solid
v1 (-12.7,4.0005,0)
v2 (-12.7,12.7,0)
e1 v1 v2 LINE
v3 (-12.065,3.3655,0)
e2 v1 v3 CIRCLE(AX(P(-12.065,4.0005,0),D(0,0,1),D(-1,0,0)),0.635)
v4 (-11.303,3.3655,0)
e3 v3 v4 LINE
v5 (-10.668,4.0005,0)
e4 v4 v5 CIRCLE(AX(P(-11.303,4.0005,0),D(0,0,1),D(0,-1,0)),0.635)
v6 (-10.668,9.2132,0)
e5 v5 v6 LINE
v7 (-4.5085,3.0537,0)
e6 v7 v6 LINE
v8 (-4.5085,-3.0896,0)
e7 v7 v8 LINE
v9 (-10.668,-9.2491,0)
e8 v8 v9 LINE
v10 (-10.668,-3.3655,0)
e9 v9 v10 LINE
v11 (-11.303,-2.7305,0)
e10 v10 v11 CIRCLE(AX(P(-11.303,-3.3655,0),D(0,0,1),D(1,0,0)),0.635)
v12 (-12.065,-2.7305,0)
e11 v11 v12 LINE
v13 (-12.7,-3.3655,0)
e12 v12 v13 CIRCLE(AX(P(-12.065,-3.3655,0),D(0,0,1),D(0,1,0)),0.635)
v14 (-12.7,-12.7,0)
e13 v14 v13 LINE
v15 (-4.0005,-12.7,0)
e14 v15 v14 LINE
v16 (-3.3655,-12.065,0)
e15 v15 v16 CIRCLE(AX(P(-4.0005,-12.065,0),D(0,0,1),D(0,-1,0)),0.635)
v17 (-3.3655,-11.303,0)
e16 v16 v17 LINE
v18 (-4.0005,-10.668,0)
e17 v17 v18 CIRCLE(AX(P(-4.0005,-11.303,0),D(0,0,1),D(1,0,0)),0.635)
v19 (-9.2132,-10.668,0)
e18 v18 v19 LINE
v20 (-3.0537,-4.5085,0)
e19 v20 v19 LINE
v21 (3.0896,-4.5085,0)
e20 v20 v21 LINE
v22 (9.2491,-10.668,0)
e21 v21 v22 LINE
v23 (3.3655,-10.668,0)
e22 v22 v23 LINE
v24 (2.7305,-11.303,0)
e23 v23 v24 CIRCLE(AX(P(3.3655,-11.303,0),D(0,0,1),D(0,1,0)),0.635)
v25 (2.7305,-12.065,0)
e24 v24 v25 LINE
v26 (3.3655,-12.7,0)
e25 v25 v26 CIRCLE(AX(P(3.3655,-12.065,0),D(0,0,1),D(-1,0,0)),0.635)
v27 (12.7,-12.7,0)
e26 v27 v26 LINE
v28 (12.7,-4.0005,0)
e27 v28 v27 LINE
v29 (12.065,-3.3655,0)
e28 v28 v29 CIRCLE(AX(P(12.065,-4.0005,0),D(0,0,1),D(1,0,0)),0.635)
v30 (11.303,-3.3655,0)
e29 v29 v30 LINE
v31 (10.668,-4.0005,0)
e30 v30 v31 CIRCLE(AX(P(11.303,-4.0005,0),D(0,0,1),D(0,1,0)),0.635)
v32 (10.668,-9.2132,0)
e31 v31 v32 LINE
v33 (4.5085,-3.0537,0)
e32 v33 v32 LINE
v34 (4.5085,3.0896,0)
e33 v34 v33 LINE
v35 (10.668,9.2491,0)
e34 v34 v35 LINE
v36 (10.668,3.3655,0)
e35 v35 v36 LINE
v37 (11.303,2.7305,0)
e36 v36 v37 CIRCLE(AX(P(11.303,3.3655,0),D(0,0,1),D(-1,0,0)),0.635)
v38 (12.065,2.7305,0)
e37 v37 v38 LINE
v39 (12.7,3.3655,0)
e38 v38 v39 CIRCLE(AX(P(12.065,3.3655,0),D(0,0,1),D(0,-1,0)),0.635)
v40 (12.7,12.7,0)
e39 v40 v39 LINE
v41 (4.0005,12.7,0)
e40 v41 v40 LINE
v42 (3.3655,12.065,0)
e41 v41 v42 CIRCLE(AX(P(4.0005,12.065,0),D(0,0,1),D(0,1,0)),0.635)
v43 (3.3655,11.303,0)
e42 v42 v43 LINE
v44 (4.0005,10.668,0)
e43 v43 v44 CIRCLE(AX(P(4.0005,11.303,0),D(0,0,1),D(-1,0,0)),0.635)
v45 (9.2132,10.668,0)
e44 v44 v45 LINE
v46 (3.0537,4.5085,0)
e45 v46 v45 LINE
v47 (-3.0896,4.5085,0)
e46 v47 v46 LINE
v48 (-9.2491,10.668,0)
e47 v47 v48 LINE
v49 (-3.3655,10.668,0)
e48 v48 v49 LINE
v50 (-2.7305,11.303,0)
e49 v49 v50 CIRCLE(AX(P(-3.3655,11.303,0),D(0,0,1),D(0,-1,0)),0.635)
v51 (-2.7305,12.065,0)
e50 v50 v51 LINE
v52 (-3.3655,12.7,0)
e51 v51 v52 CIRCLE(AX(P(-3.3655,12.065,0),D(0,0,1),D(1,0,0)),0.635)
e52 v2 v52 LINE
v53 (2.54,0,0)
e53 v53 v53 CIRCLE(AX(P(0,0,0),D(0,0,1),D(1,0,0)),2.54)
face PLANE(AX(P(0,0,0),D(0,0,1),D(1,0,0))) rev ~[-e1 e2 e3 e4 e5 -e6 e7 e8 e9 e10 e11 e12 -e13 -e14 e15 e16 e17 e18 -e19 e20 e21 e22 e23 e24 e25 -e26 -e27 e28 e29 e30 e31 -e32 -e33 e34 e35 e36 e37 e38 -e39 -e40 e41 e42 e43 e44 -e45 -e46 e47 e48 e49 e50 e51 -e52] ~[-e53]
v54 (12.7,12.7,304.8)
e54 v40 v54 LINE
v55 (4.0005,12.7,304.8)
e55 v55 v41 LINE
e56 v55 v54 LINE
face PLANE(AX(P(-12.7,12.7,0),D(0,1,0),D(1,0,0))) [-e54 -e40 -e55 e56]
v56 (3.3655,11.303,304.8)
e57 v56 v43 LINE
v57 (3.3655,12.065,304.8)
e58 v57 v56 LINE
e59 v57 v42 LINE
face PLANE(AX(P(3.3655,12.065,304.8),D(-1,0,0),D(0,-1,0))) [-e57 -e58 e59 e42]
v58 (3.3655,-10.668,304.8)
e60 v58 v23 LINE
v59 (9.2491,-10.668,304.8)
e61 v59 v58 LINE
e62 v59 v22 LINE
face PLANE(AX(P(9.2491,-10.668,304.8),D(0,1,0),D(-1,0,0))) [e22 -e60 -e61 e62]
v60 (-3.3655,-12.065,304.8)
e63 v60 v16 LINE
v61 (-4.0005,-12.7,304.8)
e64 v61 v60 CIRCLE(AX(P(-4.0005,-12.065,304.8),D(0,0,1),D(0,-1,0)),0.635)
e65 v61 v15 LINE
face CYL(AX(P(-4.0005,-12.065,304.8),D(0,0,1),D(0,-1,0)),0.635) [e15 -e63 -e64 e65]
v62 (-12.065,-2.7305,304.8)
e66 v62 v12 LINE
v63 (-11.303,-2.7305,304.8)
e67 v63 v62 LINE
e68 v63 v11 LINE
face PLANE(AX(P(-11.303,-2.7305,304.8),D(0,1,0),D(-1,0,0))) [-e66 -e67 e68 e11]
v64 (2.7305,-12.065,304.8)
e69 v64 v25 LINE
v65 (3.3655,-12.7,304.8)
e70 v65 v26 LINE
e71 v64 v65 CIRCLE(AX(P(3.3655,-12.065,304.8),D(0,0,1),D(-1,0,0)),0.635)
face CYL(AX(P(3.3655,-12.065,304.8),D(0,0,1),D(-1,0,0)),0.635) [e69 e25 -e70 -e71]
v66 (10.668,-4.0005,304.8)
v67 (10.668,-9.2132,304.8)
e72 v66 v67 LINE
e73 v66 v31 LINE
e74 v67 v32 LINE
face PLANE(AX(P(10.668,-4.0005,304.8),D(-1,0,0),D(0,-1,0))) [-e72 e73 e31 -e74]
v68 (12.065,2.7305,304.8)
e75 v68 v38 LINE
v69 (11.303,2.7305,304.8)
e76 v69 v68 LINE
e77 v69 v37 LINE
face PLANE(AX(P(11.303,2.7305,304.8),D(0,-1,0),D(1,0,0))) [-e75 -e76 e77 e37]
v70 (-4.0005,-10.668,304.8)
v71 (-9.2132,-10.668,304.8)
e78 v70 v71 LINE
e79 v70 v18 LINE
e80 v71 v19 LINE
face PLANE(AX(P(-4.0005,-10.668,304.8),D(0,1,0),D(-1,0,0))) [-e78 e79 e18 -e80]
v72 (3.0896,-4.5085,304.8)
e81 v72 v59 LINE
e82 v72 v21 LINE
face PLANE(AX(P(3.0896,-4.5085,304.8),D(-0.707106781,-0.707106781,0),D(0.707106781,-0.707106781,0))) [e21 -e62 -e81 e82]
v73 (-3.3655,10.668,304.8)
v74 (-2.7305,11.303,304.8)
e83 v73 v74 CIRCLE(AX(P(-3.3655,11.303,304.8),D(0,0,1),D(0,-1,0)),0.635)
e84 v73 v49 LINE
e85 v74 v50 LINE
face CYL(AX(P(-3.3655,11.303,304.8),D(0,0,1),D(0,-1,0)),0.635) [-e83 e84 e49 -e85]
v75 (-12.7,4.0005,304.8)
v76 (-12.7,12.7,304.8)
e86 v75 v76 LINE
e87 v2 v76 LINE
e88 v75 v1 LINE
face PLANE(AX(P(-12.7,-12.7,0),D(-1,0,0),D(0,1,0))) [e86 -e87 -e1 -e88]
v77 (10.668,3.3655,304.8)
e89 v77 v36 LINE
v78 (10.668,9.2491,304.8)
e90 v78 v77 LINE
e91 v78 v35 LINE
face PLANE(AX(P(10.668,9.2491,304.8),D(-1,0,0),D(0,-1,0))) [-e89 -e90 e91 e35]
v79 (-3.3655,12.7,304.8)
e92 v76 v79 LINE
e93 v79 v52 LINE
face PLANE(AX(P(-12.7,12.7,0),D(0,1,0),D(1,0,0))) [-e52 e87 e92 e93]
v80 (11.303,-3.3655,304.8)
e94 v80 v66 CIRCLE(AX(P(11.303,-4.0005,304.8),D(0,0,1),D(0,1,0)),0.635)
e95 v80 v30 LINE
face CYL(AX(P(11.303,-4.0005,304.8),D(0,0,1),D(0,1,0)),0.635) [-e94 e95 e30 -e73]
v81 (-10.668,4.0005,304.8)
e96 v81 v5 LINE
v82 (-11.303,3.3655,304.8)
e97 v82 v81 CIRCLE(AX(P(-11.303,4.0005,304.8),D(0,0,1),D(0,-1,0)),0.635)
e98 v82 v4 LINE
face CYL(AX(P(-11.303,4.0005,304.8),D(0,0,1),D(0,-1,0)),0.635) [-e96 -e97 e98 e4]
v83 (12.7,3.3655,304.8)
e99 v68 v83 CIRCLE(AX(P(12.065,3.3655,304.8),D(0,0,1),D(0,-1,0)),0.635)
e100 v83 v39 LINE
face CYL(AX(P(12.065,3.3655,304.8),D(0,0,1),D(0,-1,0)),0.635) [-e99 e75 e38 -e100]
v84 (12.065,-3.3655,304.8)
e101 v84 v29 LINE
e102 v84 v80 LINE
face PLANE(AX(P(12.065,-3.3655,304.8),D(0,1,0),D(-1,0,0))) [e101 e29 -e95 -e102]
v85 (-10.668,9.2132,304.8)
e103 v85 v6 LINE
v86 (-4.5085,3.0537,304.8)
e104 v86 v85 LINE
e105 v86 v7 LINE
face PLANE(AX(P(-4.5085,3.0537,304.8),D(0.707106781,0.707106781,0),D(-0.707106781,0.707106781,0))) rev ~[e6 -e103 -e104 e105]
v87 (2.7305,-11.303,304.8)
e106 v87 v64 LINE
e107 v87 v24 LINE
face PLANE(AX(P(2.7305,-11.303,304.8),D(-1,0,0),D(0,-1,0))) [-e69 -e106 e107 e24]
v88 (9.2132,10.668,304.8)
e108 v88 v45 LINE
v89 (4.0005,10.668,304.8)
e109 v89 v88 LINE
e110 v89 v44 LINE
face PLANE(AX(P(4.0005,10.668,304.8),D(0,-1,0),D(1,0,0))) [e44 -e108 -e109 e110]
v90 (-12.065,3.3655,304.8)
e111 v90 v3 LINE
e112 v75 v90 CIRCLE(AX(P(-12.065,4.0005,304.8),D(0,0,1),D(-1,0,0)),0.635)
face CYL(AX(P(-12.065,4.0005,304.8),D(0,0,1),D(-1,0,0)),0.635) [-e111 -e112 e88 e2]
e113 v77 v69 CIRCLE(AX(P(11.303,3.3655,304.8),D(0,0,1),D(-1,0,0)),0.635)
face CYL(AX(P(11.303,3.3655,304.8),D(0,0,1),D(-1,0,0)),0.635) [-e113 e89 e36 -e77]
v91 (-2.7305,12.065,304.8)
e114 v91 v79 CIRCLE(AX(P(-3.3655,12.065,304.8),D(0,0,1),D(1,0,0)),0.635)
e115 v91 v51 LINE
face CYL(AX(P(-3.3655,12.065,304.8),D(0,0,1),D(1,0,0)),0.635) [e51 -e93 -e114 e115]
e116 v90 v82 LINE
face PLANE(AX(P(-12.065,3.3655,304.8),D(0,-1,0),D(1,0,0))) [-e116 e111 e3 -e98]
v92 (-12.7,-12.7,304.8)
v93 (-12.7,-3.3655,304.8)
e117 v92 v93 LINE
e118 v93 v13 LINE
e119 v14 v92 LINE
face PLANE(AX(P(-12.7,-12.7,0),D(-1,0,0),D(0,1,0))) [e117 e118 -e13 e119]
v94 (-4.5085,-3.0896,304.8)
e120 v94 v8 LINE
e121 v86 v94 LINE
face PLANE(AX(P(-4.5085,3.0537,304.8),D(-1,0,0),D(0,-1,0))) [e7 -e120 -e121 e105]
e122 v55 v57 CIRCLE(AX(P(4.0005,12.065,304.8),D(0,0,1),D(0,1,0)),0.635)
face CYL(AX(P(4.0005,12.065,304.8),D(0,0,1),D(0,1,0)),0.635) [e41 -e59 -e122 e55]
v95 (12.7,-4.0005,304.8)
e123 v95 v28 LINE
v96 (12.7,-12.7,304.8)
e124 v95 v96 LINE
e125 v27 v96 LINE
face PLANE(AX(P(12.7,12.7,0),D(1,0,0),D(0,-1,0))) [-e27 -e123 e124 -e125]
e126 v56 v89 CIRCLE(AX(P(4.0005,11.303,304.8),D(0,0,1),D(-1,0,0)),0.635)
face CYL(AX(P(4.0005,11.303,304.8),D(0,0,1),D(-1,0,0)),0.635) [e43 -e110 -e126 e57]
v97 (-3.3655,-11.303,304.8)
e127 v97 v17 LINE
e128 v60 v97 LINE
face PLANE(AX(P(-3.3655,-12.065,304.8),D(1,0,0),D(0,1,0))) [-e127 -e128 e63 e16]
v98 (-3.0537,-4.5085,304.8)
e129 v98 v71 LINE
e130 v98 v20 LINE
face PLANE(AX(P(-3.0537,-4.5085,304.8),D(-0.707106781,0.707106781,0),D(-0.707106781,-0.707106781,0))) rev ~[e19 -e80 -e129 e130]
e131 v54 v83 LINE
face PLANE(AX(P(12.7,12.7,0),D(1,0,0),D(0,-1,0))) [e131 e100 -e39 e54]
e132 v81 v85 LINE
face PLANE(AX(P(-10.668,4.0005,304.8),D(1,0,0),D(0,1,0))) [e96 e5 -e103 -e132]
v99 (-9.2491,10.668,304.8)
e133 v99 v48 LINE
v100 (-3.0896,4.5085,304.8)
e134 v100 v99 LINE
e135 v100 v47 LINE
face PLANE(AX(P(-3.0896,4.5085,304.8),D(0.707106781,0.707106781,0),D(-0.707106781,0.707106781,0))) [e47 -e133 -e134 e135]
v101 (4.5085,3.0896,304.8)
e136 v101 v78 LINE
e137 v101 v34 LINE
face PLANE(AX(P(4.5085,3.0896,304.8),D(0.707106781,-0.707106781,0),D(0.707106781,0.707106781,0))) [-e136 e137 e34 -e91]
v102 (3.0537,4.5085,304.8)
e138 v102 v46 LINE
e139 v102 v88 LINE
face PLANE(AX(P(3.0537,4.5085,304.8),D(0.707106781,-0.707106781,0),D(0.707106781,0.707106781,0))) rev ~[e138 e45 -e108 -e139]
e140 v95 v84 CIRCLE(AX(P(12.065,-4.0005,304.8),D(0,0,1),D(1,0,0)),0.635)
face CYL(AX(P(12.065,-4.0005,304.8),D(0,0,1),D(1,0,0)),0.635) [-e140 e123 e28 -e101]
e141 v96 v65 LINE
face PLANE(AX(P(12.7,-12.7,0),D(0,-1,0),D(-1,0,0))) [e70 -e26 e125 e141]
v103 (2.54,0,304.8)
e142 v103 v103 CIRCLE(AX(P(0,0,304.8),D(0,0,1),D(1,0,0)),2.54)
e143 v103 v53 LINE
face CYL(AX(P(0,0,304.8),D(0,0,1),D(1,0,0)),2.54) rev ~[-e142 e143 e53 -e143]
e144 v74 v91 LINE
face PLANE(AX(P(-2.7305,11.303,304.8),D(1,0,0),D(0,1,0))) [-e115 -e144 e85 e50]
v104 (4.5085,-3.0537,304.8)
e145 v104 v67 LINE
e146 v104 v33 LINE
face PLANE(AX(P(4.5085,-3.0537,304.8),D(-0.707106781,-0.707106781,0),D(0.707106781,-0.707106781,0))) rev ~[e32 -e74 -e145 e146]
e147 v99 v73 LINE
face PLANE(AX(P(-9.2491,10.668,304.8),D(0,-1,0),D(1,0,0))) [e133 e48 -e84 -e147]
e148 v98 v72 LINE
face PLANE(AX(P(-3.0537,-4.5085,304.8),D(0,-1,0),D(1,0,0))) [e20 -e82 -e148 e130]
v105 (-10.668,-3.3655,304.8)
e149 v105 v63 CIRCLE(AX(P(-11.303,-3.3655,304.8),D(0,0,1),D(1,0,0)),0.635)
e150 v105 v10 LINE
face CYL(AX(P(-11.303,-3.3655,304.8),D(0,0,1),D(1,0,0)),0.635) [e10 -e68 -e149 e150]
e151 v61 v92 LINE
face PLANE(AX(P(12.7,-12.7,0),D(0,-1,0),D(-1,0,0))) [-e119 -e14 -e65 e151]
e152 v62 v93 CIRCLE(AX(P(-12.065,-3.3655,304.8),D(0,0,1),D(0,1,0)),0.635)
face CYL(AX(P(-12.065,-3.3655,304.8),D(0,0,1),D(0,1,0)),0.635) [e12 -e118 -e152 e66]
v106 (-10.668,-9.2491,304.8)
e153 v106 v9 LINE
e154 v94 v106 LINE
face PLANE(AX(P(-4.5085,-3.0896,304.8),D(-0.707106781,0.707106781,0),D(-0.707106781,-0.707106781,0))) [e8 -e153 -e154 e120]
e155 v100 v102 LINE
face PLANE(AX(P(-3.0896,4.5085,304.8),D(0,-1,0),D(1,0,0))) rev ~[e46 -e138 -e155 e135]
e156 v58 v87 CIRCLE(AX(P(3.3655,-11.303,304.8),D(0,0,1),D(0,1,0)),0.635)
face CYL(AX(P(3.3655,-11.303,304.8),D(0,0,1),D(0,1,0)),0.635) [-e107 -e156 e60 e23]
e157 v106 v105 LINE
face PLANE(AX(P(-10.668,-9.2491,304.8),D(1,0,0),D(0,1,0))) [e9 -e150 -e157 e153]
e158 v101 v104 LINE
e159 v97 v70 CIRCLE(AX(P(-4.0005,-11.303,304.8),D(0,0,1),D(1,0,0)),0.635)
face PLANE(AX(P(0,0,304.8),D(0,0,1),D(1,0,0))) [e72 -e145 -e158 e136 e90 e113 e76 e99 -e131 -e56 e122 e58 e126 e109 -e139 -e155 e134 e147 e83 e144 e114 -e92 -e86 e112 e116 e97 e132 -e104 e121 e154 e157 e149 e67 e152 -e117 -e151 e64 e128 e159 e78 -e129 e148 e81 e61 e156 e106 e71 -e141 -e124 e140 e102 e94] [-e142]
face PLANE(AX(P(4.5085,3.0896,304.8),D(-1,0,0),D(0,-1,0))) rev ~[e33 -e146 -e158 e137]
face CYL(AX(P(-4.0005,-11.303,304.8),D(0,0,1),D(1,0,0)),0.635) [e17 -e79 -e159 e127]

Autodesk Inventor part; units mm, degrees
ref_plane "YZ Plane" through (0, 0, 0) normal (1, 0, 0) x (0, 1, 0)
ref_plane "XZ Plane" through (0, 0, 0) normal (0, 1, 0) x (-1, 0, 0)
ref_plane "XY Plane" through (0, 0, 0) normal (0, 0, 1) x (1, 0, 0)
sketch "Sketch1" plane through (0, 0, 0) normal (0, 0, 1) x (1, 0, 0)
  line L0 (-12.7, 12.7) -> (12.7, 12.7)
  line L1 (12.7, 12.7) -> (12.7, -12.7)
  line L2 (12.7, -12.7) -> (-12.7, -12.7)
  line L3 (-12.7, -12.7) -> (-12.7, 12.7)
  point P0 (0, 0)
  dimension "d0" = 25.4
  dimension "d1" = 25.4
  dimension "d2" = 12.7
  dimension "d3" = 12.7
extrude "Extrusion1" add sketch "Sketch1" along normal blind 304.8
sketch "Sketch2" plane through (0, 0, 304.8) normal (0, 0, 1) x (1, 0, 0)
  circle A0 centre (0, 0) radius 2.54
  line L0 (-4.5085, 4.5085) -> (4.5085, 4.5085)
  line L1 (-4.5085, -4.5085) -> (4.5085, -4.5085)
  line L2 (4.5085, 4.5085) -> (4.5085, -4.5085)
  line L3 (-4.5085, 4.5085) -> (-4.5085, -4.5085)
  line L4 (-3.0896, 4.5085) -> (-11.2811, 12.7)
  line L5 (-4.5085, 3.0537) -> (-12.7, 11.2452)
  line L6 (12.7, 12.7) -> (-12.7, 12.7) projected
  line L7 (-12.7, 12.7) -> (-12.7, 4.0005)
  line L8 (-10.668, 4.0005) -> (-10.668, 9.2132)
  line L9 (-9.2491, 10.668) -> (-3.3655, 10.668)
  line L10 (-12.7, 12.7) -> (-3.3655, 12.7)
  line L11 (-2.7305, 11.303) -> (-2.7305, 12.065)
  line L12 (-12.065, 3.3655) -> (-11.303, 3.3655)
  arc A1 (-12.7, 4.0005) -> (-12.065, 3.3655) centre (-12.065, 4.0005) ccw
  arc A2 (-11.303, 3.3655) -> (-10.668, 4.0005) centre (-11.303, 4.0005) ccw
  arc A3 (-3.3655, 10.668) -> (-2.7305, 11.303) centre (-3.3655, 11.303) ccw
  arc A4 (-2.7305, 12.065) -> (-3.3655, 12.7) centre (-3.3655, 12.065) ccw
  arc A5 (-3.3655, -11.303) -> (-4.0005, -10.668) centre (-4.0005, -11.303) ccw
  line L13 (-3.3655, -12.065) -> (-3.3655, -11.303)
  arc A6 (-4.0005, -12.7) -> (-3.3655, -12.065) centre (-4.0005, -12.065) ccw
  line L14 (-3.0537, -4.5085) -> (-11.2452, -12.7)
  line L15 (-10.668, -9.2491) -> (-10.668, -3.3655)
  line L16 (-4.5085, -3.0896) -> (-12.7, -11.2811)
  line L17 (-12.7, -12.7) -> (-12.7, -3.3655)
  arc A7 (-10.668, -3.3655) -> (-11.303, -2.7305) centre (-11.303, -3.3655) ccw
  line L18 (-11.303, -2.7305) -> (-12.065, -2.7305)
  arc A8 (-12.065, -2.7305) -> (-12.7, -3.3655) centre (-12.065, -3.3655) ccw
  line L19 (-4.0005, -10.668) -> (-9.2132, -10.668)
  line L20 (-12.7, -12.7) -> (-4.0005, -12.7)
  arc A9 (11.303, -3.3655) -> (10.668, -4.0005) centre (11.303, -4.0005) ccw
  line L21 (12.065, -3.3655) -> (11.303, -3.3655)
  arc A10 (12.7, -4.0005) -> (12.065, -3.3655) centre (12.065, -4.0005) ccw
  line L22 (4.5085, -3.0537) -> (12.7, -11.2452)
  line L23 (9.2491, -10.668) -> (3.3655, -10.668)
  line L24 (3.0896, -4.5085) -> (11.2811, -12.7)
  line L25 (12.7, -12.7) -> (3.3655, -12.7)
  arc A11 (3.3655, -10.668) -> (2.7305, -11.303) centre (3.3655, -11.303) ccw
  line L26 (2.7305, -11.303) -> (2.7305, -12.065)
  arc A12 (2.7305, -12.065) -> (3.3655, -12.7) centre (3.3655, -12.065) ccw
  line L27 (10.668, -4.0005) -> (10.668, -9.2132)
  line L28 (12.7, -12.7) -> (12.7, -4.0005)
  arc A13 (3.3655, 11.303) -> (4.0005, 10.668) centre (4.0005, 11.303) ccw
  line L29 (3.3655, 12.065) -> (3.3655, 11.303)
  arc A14 (4.0005, 12.7) -> (3.3655, 12.065) centre (4.0005, 12.065) ccw
  line L30 (3.0537, 4.5085) -> (11.2452, 12.7)
  line L31 (10.668, 9.2491) -> (10.668, 3.3655)
  line L32 (4.5085, 3.0896) -> (12.7, 11.2811)
  line L33 (12.7, 12.7) -> (12.7, 3.3655)
  arc A15 (10.668, 3.3655) -> (11.303, 2.7305) centre (11.303, 3.3655) ccw
  line L34 (11.303, 2.7305) -> (12.065, 2.7305)
  arc A16 (12.065, 2.7305) -> (12.7, 3.3655) centre (12.065, 3.3655) ccw
  line L35 (4.0005, 10.668) -> (9.2132, 10.668)
  line L36 (12.7, 12.7) -> (4.0005, 12.7)
  line L37 (-4.5085, 3.0537) -> (-4.5085, 4.5085)
  line L38 (-3.0896, 4.5085) -> (-4.5085, 4.5085)
  line L39 (-12.7, -12.7) -> (-4.0005, -12.7)
  line L40 (-4.0005, -10.668) -> (-9.2132, -10.668)
  line L41 (-10.668, -9.2491) -> (-10.668, -3.3655)
  line L42 (-12.7, -12.7) -> (-12.7, -3.3655)
  line L43 (-11.303, -2.7305) -> (-12.065, -2.7305)
  arc A17 (-10.668, -3.3655) -> (-11.303, -2.7305) centre (-11.303, -3.3655) ccw
  arc A18 (-12.065, -2.7305) -> (-12.7, -3.3655) centre (-12.065, -3.3655) ccw
  line L44 (-4.5085, -3.0896) -> (-4.5085, -4.5085)
  line L45 (-4.5085, -3.0896) -> (-12.7, -11.2811)
  line L46 (-3.0537, -4.5085) -> (-4.5085, -4.5085)
  line L47 (-3.0537, -4.5085) -> (-11.2452, -12.7)
  line L48 (-4.5085, -4.5085) -> (-4.5085, 4.5085)
  circle A19 centre (0, 0) radius 2.54
  line L49 (-4.5085, -4.5085) -> (4.5085, -4.5085)
  line L50 (-3.3655, -12.065) -> (-3.3655, -11.303)
  arc A20 (-4.0005, -12.7) -> (-3.3655, -12.065) centre (-4.0005, -12.065) ccw
  arc A21 (-3.3655, -11.303) -> (-4.0005, -10.668) centre (-4.0005, -11.303) ccw
  line L51 (12.7, -12.7) -> (12.7, -4.0005)
  line L52 (10.668, -4.0005) -> (10.668, -9.2132)
  line L53 (9.2491, -10.668) -> (3.3655, -10.668)
  line L54 (12.7, -12.7) -> (3.3655, -12.7)
  line L55 (2.7305, -11.303) -> (2.7305, -12.065)
  arc A22 (3.3655, -10.668) -> (2.7305, -11.303) centre (3.3655, -11.303) ccw
  arc A23 (2.7305, -12.065) -> (3.3655, -12.7) centre (3.3655, -12.065) ccw
  line L56 (3.0896, -4.5085) -> (4.5085, -4.5085)
  line L57 (3.0896, -4.5085) -> (11.2811, -12.7)
  line L58 (4.5085, -3.0537) -> (4.5085, -4.5085)
  line L59 (4.5085, -3.0537) -> (12.7, -11.2452)
  line L60 (4.5085, -4.5085) -> (-4.5085, -4.5085)
  circle A24 centre (0, 0) radius 2.54
  line L61 (4.5085, -4.5085) -> (4.5085, 4.5085)
  line L62 (12.065, -3.3655) -> (11.303, -3.3655)
  arc A25 (12.7, -4.0005) -> (12.065, -3.3655) centre (12.065, -4.0005) ccw
  arc A26 (11.303, -3.3655) -> (10.668, -4.0005) centre (11.303, -4.0005) ccw
  line L63 (12.7, 12.7) -> (4.0005, 12.7)
  line L64 (4.0005, 10.668) -> (9.2132, 10.668)
  line L65 (10.668, 9.2491) -> (10.668, 3.3655)
  line L66 (12.7, 12.7) -> (12.7, 3.3655)
  line L67 (11.303, 2.7305) -> (12.065, 2.7305)
  arc A27 (10.668, 3.3655) -> (11.303, 2.7305) centre (11.303, 3.3655) ccw
  arc A28 (12.065, 2.7305) -> (12.7, 3.3655) centre (12.065, 3.3655) ccw
  line L68 (4.5085, 3.0896) -> (4.5085, 4.5085)
  line L69 (4.5085, 3.0896) -> (12.7, 11.2811)
  line L70 (3.0537, 4.5085) -> (4.5085, 4.5085)
  line L71 (3.0537, 4.5085) -> (11.2452, 12.7)
  line L72 (4.5085, 4.5085) -> (4.5085, -4.5085)
  circle A29 centre (0, 0) radius 2.54
  line L73 (4.5085, 4.5085) -> (-4.5085, 4.5085)
  line L74 (3.3655, 12.065) -> (3.3655, 11.303)
  arc A30 (4.0005, 12.7) -> (3.3655, 12.065) centre (4.0005, 12.065) ccw
  arc A31 (3.3655, 11.303) -> (4.0005, 10.668) centre (4.0005, 11.303) ccw
  point P0 (-12.7, 3.3655)
  point P1 (-2.7305, 12.7)
  point P2 (-3.3655, -12.7)
  point P3 (-12.7, -2.7305)
  point P4 (12.7, -3.3655)
  point P5 (2.7305, -12.7)
  point P6 (3.3655, 12.7)
  point P7 (12.7, 2.7305)
  point P8 (-3.3655, -12.7)
  point P9 (-12.7, -2.7305)
  point P10 (12.7, -3.3655)
  point P11 (2.7305, -12.7)
  point P12 (3.3655, 12.7)
  point P13 (12.7, 2.7305)
  dimension "d6" = 5.08
  dimension "d7" = 9.017
  dimension "d8" = 4.5085
  dimension "d9" = 4.5085
  dimension "d10" = 4.5085
  dimension "d11" = 2.032
  dimension "d12" = 1.0033
  dimension "d13" = 135
  dimension "d17" = 9.3345
  dimension "d19" = 2.032
  dimension "d20" = 2.032
  dimension "d21" = 0.635
  dimension "d22" = 9.3345
  dimension "d25" = 360
  dimension "d29" = 360
extrude "Extrusion2" cut sketch "Sketch2" against normal blind 1219.2 contours L3 L5 L7 L6 L4 L0 | L0 L2 L1 L3 | L30 L6 L33 L32 L2 L0 | L4 L6 A4 L11 A3 L9 | L3 L1 L14 L20 L17 L16 | L8 A2 L12 A1 L7 L5 | L35 A13 L29 A14 L6 L30 | L16 L17 A8 L18 A7 L15 | L22 L28 L25 L24 L1 L2 | L32 L33 A16 L34 A15 L31 | L19 A5 L13 A6 L20 L14 | L27 A9 L21 A10 L28 L22 | L24 L25 A12 L26 A11 L23 keep common part
equation "\"d22\" = d17"
properties part number "Handle Holding PIECE"
